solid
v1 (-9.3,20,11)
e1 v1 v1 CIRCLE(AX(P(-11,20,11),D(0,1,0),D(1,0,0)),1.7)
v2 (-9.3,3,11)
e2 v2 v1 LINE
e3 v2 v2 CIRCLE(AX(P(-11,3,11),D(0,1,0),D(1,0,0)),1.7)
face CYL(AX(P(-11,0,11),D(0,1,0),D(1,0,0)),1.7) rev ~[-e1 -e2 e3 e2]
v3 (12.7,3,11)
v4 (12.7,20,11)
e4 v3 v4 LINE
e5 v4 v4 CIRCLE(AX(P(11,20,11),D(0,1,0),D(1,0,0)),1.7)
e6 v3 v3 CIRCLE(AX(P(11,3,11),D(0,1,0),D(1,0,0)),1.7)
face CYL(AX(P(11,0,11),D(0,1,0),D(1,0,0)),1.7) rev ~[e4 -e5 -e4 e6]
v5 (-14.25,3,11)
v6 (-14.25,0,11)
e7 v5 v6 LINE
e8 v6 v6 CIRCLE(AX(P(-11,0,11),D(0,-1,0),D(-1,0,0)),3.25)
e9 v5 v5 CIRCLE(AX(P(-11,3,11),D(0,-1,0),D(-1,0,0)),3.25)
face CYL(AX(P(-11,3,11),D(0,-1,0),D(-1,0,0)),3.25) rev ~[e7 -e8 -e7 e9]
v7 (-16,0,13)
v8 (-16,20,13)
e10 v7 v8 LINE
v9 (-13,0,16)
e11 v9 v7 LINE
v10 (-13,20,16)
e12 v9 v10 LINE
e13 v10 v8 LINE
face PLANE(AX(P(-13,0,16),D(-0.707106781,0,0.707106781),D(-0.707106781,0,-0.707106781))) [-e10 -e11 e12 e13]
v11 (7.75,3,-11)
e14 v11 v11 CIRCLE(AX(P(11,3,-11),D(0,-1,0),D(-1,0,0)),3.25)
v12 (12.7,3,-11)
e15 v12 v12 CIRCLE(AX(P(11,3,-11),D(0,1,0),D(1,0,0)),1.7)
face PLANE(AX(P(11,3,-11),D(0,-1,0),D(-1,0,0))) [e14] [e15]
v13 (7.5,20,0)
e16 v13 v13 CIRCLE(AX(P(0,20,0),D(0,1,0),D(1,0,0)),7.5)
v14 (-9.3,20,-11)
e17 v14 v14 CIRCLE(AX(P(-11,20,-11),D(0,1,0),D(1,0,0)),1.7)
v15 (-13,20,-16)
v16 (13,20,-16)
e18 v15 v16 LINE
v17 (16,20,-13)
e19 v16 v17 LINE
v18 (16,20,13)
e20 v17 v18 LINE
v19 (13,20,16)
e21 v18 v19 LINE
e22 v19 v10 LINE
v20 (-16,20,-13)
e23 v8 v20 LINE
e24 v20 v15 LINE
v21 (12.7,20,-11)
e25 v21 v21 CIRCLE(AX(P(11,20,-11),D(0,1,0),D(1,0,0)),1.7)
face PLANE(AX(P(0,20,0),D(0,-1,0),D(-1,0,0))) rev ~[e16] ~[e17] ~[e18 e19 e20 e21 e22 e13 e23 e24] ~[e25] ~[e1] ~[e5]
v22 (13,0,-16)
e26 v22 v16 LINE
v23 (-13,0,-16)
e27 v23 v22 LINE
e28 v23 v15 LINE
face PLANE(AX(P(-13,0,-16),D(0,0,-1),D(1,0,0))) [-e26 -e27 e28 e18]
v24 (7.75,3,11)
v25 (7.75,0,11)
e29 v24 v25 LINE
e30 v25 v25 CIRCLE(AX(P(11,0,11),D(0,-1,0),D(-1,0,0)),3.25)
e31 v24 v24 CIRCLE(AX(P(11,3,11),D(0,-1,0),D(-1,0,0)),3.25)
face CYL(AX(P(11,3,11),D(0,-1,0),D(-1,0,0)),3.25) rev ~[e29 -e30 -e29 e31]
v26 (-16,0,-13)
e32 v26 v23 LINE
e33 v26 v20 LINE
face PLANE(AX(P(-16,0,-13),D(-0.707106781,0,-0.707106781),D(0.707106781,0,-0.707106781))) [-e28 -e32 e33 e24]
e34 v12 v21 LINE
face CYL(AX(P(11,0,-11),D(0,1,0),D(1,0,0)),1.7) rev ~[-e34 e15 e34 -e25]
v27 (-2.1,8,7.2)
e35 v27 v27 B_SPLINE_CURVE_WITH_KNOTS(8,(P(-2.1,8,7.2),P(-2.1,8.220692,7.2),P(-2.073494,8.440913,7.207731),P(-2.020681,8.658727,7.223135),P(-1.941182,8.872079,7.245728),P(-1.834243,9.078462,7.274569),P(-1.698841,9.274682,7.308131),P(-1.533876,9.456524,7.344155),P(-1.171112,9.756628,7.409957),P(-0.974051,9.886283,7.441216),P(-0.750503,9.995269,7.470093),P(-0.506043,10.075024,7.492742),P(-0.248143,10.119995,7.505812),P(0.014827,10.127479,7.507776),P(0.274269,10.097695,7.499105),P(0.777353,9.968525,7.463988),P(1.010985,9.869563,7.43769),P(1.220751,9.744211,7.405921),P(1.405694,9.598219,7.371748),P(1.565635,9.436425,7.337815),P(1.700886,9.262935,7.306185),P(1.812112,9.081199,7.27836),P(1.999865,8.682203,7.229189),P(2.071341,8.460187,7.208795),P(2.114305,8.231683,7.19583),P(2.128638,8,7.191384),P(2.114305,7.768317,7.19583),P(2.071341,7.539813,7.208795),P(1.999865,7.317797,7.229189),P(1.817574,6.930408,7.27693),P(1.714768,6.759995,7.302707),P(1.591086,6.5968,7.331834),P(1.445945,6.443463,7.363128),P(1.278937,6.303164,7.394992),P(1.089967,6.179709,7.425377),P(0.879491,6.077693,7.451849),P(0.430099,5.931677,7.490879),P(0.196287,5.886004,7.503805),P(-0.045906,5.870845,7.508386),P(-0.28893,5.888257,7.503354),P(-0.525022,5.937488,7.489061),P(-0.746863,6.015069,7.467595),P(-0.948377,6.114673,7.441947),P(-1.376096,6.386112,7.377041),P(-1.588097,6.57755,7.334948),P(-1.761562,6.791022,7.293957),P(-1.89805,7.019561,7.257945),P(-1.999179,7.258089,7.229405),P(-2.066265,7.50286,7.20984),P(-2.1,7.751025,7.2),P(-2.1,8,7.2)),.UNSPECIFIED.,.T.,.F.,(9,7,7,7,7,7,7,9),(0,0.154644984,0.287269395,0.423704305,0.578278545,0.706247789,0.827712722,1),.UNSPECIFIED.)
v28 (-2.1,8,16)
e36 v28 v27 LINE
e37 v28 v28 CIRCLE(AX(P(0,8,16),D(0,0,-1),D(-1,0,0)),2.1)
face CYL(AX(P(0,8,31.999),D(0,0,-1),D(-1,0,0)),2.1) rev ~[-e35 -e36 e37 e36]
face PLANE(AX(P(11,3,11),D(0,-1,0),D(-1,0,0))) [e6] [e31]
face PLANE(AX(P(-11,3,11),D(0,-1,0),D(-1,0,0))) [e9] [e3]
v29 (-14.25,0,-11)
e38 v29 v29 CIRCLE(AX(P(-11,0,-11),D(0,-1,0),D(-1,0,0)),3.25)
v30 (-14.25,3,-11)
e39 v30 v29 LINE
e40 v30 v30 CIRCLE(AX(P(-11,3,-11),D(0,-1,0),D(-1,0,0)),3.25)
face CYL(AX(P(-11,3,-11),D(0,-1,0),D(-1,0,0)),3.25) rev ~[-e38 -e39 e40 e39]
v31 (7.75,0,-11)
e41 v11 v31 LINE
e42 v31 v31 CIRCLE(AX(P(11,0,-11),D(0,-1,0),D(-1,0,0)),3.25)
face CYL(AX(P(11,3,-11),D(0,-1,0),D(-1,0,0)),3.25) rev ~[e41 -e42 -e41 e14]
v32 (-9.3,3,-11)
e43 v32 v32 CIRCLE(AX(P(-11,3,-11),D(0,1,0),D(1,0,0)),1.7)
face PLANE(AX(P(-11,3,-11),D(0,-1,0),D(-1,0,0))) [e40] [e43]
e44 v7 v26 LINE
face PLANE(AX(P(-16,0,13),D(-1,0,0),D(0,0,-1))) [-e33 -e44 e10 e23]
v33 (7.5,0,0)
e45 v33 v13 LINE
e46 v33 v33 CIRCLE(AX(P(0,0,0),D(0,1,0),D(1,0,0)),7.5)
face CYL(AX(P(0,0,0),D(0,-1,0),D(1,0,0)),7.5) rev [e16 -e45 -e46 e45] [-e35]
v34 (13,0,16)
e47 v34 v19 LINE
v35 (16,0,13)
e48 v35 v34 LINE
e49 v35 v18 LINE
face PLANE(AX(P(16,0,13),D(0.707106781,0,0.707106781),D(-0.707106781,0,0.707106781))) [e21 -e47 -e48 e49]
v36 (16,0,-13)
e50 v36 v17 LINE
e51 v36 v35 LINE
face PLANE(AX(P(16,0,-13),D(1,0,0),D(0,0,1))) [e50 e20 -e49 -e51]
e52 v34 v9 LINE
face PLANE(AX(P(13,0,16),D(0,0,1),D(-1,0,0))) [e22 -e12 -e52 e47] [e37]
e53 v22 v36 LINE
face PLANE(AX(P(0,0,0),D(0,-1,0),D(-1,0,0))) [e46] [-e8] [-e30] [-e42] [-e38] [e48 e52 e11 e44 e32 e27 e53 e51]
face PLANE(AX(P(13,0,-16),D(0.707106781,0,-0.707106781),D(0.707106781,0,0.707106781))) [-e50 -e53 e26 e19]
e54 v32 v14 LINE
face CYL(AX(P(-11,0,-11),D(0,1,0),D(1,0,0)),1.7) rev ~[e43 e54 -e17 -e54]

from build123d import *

# Parameters (mm, degrees)
SKETCH1_R                      = 7.5
BOSS_EXTRUDE1_DEPTH            = 20
M5X0_8_TAPPED_HOLE1_D          = 4.2
M5X0_8_TAPPED_HOLE1_DEPTH      = 15.999
M5X0_8_TAPPED_HOLE1_TIP        = 1.2618073
CBORE_FOR_M3_SHCS1_D           = 3.4
CBORE_FOR_M3_SHCS1_CBORE_D     = 6.5
CBORE_FOR_M3_SHCS1_CBORE_DEPTH = 3


with BuildPart() as part:
    # Sketch1 → Boss-Extrude1 (new body)
    with BuildSketch(Plane(origin=(0, 0, 0), x_dir=(1, 0, 0), z_dir=(0, 1, 0))):
        Polygon((-16, 13), (-13, 16), (13, 16), (16, 13), (16, -13), (13, -16), (-13, -16), (-16, -13), align=None)
        Circle(SKETCH1_R, mode=Mode.SUBTRACT)
    extrude(amount=BOSS_EXTRUDE1_DEPTH)

    # M5x0.8 Tapped Hole1
    with Locations(Plane.XY.offset(16)):
        with Locations((0, 8)):
            Hole(M5X0_8_TAPPED_HOLE1_D / 2, depth=M5X0_8_TAPPED_HOLE1_DEPTH)
            with Locations((0, 0, -(M5X0_8_TAPPED_HOLE1_DEPTH + M5X0_8_TAPPED_HOLE1_TIP / 2))):  # 118° drill point
                Cone(0, M5X0_8_TAPPED_HOLE1_D / 2, M5X0_8_TAPPED_HOLE1_TIP, mode=Mode.SUBTRACT)

    # CBORE for M3 SHCS1 (through all)
    with Locations(Plane(origin=(0, 0, 0), x_dir=(-1, 0, 0), z_dir=(0, -1, 0))):
        with Locations((-11, 11), (11, 11), (11, -11), (-11, -11)):
            CounterBoreHole(CBORE_FOR_M3_SHCS1_D / 2, CBORE_FOR_M3_SHCS1_CBORE_D / 2, CBORE_FOR_M3_SHCS1_CBORE_DEPTH)


solid = part.part
